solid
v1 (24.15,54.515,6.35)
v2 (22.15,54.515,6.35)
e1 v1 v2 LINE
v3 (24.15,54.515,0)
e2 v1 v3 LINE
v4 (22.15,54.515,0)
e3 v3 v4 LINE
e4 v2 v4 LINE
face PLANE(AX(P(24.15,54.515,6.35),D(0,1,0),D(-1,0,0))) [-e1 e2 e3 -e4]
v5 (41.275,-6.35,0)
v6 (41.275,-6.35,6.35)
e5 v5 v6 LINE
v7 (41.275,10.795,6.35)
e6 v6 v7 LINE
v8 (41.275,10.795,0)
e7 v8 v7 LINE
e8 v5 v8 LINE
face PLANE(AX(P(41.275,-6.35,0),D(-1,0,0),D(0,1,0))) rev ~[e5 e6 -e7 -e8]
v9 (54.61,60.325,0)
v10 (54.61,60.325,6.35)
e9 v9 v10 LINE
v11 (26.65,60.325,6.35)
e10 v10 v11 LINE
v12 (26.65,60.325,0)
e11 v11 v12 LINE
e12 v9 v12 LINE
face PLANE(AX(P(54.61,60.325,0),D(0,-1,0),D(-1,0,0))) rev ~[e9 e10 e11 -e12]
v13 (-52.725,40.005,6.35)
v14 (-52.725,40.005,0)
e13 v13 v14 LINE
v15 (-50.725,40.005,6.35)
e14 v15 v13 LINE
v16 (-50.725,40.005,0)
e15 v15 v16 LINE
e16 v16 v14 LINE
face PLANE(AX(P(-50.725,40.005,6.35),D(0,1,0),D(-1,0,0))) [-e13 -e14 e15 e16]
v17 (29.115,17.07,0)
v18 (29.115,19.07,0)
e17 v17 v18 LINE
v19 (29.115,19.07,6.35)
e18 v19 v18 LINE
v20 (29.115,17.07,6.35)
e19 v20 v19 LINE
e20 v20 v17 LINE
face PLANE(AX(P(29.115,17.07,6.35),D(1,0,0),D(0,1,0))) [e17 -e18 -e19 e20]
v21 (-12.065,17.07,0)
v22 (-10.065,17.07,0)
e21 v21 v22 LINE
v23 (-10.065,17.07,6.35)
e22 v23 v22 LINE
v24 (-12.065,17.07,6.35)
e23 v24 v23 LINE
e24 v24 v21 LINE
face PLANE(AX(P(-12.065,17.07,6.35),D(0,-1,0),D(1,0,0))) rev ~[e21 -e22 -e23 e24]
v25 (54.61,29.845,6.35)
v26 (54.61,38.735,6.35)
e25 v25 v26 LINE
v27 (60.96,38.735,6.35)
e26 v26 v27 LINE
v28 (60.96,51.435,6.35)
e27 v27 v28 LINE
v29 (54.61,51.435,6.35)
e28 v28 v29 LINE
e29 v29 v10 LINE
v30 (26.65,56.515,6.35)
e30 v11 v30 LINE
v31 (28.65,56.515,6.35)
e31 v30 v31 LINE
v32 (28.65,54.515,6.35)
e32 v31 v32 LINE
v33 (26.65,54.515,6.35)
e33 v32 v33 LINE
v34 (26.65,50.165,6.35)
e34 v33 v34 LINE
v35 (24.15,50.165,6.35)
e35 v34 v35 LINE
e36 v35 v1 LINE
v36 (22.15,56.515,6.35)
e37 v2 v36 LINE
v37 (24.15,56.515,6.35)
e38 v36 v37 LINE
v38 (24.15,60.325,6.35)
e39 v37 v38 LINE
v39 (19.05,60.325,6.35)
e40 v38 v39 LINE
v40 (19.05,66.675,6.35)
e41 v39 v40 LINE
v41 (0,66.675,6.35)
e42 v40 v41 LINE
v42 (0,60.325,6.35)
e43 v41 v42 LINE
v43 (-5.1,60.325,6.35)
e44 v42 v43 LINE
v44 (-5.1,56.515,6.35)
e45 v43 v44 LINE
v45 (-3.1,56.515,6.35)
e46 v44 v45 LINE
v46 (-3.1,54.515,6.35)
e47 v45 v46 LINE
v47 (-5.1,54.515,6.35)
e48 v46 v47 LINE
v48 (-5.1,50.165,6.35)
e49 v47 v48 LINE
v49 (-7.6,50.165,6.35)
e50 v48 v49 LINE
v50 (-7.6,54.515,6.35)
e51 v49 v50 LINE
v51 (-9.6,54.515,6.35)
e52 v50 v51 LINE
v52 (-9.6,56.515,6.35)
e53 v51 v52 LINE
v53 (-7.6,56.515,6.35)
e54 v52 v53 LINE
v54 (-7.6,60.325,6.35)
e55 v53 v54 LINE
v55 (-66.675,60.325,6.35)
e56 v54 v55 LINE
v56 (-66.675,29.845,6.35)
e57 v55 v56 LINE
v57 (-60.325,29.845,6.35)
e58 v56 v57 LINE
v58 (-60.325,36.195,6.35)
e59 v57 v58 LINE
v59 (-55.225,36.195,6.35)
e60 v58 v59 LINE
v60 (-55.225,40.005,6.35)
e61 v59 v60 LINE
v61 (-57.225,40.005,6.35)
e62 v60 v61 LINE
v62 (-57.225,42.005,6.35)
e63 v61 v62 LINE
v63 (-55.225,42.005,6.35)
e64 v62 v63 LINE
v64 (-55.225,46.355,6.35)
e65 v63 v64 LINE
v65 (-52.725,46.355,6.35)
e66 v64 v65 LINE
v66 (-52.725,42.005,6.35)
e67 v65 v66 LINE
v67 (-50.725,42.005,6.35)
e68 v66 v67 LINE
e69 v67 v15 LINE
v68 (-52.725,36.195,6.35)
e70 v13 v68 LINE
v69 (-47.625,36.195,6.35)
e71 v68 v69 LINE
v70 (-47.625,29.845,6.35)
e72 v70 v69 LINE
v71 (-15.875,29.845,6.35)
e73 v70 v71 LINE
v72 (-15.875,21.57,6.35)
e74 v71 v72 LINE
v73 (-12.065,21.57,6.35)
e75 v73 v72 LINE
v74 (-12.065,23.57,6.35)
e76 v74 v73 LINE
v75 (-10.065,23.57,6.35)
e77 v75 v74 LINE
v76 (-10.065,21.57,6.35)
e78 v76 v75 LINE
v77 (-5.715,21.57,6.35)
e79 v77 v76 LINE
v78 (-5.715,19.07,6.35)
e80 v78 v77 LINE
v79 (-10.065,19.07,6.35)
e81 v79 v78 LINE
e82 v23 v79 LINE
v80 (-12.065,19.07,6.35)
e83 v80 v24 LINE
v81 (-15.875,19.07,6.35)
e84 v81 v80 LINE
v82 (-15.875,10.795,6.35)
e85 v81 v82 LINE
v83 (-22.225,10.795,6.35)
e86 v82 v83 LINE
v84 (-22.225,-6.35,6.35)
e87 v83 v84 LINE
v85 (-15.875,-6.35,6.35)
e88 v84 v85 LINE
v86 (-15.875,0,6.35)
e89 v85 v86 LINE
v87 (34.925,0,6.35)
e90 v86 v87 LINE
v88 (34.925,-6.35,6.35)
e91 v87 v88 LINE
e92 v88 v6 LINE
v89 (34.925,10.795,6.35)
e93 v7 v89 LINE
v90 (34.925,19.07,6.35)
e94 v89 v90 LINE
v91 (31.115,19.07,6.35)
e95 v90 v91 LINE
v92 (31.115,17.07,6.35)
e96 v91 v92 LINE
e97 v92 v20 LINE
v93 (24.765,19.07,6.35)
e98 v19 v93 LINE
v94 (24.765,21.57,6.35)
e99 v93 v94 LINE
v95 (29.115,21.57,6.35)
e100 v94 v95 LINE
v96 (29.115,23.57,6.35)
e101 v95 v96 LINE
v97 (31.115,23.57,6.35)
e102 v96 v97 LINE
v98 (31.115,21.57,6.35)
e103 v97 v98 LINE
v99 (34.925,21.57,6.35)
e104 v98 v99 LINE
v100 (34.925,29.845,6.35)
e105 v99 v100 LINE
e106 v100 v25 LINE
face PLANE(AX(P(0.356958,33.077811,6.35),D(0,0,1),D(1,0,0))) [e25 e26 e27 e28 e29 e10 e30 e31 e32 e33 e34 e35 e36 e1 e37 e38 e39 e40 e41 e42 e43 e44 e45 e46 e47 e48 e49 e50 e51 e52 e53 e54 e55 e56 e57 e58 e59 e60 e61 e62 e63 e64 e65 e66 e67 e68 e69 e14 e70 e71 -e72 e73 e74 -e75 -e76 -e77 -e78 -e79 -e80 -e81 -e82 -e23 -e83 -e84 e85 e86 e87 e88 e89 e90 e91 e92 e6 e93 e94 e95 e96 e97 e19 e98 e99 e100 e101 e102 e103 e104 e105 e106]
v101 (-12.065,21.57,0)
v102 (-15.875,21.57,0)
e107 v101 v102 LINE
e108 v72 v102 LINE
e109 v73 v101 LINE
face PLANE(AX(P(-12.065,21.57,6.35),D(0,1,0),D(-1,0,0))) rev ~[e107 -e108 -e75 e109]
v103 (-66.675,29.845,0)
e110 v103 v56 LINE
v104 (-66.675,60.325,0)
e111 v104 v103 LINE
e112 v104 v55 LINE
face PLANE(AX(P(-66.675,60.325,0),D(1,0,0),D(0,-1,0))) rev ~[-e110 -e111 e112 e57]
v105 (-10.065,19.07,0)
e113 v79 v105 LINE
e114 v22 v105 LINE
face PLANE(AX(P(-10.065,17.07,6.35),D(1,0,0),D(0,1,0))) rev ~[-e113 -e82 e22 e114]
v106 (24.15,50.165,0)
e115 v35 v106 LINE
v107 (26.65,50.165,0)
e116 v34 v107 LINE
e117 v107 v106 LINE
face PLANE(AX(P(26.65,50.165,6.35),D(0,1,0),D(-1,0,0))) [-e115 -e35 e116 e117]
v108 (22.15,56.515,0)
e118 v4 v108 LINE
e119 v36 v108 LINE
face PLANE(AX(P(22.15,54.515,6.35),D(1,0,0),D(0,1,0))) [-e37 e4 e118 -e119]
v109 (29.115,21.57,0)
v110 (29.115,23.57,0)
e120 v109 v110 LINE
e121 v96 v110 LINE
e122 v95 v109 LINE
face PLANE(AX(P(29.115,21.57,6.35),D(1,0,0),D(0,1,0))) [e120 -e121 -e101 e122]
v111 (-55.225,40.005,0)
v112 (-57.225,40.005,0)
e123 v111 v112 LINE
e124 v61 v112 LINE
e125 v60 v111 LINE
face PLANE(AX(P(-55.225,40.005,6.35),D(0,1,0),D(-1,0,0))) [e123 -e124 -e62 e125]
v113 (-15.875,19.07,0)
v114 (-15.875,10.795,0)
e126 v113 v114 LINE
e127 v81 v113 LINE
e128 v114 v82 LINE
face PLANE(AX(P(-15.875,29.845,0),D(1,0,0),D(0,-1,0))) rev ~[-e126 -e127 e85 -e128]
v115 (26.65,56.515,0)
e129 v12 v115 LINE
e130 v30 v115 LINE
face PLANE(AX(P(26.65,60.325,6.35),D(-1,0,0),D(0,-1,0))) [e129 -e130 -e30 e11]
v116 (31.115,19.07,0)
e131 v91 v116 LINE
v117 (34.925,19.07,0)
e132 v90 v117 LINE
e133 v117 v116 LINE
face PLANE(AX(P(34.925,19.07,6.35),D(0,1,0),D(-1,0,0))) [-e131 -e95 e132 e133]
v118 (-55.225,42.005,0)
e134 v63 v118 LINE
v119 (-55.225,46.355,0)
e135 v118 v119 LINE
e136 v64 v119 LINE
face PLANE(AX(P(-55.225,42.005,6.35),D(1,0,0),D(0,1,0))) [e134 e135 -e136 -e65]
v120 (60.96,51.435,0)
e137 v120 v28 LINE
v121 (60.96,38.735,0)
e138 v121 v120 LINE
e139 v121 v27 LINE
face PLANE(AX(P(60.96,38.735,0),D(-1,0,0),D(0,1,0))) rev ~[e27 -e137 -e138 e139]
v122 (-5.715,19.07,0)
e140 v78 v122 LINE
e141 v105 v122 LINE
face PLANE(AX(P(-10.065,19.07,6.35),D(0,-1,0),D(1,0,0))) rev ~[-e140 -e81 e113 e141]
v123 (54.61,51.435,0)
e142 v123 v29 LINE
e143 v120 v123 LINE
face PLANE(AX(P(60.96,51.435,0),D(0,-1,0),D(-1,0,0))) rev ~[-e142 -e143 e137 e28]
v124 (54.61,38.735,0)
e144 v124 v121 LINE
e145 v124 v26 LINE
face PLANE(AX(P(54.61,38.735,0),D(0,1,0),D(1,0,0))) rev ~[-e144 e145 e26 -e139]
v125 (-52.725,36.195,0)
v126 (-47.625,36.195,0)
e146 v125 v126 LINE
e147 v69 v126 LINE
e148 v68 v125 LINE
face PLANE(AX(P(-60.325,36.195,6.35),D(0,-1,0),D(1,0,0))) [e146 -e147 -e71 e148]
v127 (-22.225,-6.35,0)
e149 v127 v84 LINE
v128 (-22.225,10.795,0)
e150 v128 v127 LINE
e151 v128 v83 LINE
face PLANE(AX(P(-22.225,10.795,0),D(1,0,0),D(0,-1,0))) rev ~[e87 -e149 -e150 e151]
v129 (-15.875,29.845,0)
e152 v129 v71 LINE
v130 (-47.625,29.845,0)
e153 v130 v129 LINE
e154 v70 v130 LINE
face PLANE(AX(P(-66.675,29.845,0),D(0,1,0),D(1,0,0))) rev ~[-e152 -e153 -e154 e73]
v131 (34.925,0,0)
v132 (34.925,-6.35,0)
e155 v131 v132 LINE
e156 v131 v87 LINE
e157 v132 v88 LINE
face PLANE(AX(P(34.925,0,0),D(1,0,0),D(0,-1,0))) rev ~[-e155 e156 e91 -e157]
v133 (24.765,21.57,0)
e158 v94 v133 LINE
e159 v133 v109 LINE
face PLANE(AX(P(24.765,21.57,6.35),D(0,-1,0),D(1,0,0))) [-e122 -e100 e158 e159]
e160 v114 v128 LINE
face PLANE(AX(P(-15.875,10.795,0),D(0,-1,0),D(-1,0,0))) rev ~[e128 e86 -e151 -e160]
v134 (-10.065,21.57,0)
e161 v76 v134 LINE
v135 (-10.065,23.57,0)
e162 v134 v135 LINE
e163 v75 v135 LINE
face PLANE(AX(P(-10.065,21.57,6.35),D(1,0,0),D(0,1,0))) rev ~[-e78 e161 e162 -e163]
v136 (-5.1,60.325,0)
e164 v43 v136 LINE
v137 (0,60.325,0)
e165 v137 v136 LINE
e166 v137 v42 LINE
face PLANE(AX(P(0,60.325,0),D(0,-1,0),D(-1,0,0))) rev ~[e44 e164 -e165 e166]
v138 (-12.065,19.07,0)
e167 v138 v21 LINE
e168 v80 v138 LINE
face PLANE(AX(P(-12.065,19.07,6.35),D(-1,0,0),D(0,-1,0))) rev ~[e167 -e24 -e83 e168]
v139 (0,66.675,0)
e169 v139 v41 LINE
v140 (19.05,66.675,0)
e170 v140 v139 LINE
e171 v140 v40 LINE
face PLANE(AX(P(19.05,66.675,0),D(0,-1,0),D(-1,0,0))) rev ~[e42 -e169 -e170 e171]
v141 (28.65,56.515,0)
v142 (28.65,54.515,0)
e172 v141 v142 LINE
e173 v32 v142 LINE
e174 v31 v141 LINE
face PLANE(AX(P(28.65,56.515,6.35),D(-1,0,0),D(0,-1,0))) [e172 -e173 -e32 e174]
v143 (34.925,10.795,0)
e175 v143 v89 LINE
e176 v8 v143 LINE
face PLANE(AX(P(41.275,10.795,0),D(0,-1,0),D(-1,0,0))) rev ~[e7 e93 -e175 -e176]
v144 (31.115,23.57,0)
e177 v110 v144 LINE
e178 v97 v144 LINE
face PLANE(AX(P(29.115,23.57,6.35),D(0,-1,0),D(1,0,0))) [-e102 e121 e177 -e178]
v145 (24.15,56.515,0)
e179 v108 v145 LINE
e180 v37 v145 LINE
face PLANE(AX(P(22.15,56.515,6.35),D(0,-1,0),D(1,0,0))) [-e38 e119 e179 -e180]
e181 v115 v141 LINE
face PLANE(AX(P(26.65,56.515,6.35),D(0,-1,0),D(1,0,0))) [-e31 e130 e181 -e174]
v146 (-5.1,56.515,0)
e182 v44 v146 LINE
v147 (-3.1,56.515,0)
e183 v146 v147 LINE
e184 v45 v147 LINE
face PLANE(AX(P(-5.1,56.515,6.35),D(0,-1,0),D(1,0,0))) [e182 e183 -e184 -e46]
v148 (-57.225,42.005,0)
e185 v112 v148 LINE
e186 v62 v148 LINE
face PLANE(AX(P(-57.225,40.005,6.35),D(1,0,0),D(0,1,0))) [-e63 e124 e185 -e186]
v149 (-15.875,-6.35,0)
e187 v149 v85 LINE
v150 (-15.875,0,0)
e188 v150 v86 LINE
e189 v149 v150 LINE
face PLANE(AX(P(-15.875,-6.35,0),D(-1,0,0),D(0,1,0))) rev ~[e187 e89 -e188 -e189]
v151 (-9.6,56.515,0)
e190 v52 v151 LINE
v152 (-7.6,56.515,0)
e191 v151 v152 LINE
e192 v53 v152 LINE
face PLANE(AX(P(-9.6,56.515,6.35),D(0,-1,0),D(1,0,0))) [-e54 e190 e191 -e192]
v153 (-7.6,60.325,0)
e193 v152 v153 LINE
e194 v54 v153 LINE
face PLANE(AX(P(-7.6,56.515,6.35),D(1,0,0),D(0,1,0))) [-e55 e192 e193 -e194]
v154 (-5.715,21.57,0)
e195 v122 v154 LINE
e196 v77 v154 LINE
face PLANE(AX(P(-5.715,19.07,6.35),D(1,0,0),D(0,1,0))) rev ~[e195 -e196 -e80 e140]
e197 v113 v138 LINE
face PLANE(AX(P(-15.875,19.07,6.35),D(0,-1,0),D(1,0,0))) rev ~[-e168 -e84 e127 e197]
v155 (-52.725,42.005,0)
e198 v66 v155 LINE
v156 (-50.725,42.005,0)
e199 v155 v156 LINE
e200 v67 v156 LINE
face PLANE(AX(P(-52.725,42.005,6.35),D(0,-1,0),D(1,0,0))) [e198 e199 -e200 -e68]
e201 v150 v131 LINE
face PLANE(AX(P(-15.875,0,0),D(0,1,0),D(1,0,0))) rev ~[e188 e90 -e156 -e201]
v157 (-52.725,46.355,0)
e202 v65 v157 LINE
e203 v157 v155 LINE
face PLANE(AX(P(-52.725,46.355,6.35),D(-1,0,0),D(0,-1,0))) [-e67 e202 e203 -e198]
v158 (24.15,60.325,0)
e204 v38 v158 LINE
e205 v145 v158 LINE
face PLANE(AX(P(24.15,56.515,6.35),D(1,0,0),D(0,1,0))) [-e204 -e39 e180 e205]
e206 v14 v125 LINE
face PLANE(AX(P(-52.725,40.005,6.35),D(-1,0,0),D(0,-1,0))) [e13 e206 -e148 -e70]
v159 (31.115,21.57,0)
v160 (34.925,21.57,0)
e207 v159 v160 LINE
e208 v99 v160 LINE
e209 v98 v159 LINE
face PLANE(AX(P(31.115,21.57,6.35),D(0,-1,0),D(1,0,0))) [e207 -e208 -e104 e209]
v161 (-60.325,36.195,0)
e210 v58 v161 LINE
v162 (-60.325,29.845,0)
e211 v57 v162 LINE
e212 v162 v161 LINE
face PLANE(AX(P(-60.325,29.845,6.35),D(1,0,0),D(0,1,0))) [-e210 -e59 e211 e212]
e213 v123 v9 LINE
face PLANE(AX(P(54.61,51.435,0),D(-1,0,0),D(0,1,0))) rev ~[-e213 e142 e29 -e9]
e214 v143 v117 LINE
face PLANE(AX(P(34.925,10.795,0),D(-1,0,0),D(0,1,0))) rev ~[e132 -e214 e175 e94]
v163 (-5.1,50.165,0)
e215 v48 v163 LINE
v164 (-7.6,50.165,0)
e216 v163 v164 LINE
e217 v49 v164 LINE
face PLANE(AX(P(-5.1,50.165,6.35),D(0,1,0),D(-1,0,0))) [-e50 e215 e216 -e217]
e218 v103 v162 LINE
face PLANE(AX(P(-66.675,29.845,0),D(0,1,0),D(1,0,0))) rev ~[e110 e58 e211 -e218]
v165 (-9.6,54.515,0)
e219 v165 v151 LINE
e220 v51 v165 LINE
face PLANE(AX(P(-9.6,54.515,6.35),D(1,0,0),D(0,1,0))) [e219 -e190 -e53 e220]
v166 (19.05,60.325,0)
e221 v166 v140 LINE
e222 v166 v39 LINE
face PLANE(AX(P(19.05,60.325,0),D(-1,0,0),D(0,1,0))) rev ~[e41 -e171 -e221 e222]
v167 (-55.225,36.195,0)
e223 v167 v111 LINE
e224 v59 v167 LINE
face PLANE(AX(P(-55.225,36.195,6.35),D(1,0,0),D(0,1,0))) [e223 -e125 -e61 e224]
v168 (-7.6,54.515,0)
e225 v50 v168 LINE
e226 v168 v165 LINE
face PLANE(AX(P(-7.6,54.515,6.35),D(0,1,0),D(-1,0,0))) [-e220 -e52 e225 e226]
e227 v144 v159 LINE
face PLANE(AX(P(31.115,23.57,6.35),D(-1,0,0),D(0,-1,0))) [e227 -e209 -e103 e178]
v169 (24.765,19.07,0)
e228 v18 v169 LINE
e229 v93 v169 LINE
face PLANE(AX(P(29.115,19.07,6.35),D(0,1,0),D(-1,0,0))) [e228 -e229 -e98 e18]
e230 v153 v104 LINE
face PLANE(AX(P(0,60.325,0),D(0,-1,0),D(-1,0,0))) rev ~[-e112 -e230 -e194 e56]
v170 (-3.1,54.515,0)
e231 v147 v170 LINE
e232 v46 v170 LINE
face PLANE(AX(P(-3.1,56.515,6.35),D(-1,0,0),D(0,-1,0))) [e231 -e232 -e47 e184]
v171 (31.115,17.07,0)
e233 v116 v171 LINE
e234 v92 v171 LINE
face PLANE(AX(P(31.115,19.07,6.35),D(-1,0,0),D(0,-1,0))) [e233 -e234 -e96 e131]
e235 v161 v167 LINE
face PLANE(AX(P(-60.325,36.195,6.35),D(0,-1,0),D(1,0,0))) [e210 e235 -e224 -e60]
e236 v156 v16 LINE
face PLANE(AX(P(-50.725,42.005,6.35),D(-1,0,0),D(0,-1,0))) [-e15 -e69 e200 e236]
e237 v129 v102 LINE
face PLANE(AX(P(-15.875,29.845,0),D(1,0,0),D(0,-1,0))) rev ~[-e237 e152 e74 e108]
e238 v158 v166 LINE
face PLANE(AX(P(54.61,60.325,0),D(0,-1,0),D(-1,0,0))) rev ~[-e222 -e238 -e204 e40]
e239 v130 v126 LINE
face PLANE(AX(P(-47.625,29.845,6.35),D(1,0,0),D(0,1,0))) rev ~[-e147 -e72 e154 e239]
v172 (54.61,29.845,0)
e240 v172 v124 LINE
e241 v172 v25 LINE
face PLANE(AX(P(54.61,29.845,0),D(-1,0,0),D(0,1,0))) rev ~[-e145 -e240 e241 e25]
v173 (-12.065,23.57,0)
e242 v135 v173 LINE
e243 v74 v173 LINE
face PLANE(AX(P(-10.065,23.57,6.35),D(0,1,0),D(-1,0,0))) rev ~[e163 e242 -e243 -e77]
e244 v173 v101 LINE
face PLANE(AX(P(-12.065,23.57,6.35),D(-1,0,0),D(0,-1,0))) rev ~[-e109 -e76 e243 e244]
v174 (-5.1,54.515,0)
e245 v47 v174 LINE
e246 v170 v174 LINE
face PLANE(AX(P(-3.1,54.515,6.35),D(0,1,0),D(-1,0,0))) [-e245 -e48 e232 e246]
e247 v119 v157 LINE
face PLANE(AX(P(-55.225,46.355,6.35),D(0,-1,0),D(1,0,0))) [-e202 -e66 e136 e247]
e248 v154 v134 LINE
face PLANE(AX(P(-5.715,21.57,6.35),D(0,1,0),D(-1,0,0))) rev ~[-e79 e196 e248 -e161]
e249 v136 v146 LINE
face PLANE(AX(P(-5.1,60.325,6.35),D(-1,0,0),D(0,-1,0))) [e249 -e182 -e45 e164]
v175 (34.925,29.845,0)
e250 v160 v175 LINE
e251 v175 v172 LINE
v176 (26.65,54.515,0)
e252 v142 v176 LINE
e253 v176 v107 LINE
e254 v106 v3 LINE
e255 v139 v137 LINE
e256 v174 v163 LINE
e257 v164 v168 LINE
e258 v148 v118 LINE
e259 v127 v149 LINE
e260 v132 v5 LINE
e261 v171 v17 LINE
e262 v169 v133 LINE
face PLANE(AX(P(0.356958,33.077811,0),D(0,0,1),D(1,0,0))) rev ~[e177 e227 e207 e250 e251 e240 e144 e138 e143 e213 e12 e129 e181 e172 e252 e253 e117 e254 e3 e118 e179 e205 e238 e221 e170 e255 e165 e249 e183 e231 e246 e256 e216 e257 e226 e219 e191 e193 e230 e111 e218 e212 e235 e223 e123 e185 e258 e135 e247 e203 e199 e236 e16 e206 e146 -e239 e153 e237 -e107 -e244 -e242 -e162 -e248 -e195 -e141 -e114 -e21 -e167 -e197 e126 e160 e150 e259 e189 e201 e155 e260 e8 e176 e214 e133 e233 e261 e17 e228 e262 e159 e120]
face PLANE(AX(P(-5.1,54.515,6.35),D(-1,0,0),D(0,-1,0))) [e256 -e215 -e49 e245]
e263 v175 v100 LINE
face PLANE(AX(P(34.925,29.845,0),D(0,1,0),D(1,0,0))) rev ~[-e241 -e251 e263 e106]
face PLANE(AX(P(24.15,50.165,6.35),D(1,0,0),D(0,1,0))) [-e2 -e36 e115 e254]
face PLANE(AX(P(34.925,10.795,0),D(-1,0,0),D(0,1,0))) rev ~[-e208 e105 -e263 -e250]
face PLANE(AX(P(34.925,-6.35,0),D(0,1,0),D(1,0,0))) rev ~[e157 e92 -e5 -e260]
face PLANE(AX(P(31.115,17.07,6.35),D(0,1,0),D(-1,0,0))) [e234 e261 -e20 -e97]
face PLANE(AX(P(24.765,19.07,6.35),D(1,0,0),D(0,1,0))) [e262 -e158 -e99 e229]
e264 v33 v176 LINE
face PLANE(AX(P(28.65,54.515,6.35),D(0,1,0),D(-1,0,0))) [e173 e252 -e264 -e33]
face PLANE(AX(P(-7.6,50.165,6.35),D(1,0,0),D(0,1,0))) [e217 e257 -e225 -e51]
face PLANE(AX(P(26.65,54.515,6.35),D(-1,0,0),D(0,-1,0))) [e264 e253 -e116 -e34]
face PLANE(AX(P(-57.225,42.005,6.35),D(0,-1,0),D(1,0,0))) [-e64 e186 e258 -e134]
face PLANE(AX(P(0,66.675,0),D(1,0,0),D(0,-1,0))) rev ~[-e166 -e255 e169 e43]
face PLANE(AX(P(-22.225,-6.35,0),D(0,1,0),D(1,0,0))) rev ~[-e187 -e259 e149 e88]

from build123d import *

# Parameters (mm, degrees)
BOSS_EXTRUDE1_DEPTH = 6.35
SKETCH2_W           = 12.7
SKETCH2_H           = 6.35
CUT_EXTRUDE1_DEPTH  = 7.35
CUT_EXTRUDE2_DEPTH  = 7.35
CUT_EXTRUDE3_DEPTH  = 7.35


with BuildPart() as part:
    # Sketch1 → Boss-Extrude1 (new body)
    with BuildSketch(Plane.XY):
        Polygon((0, 0), (19.05, 0), (34.925, 0), (34.925, -6.35), (41.275, -6.35), (41.275, 0), (41.275, 10.795), (34.925, 10.795), (34.925, 29.845), (54.61, 29.845), (54.61, 38.735), (60.96, 38.735), (60.96, 51.435), (54.61, 51.435), (54.61, 60.325), (34.925, 60.325), (19.05, 60.325), (19.05, 66.675), (0, 66.675), (0, 60.325), (-15.875, 60.325), (-66.675, 60.325), (-66.675, 29.845), (-15.875, 29.845), (-15.875, 10.795), (-22.225, 10.795), (-22.225, 0), (-22.225, -6.35), (-15.875, -6.35), (-15.875, 0), align=None)
    extrude(amount=BOSS_EXTRUDE1_DEPTH)

    # Sketch2 → Cut-Extrude1 (cut, through all)
    with BuildSketch(Plane.XY.offset(6.35)):
        with Locations((-53.975, 33.02)):
            Rectangle(SKETCH2_W, SKETCH2_H)
    extrude(amount=-CUT_EXTRUDE1_DEPTH, mode=Mode.SUBTRACT)

    # Sketch3 → Cut-Extrude2 (cut, through all)
    with BuildSketch(Plane.XY.offset(6.35)):
        Polygon((-15.875, 21.57), (-15.875, 19.07), (-12.065, 19.07), (-12.065, 17.07), (-10.065, 17.07), (-10.065, 19.07), (-5.715, 19.07), (-5.715, 21.57), (-10.065, 21.57), (-10.065, 23.57), (-12.065, 23.57), (-12.065, 21.57), align=None)
        Polygon((34.925, 21.57), (34.925, 19.07), (31.115, 19.07), (31.115, 17.07), (29.115, 17.07), (29.115, 19.07), (24.765, 19.07), (24.765, 21.57), (29.115, 21.57), (29.115, 23.57), (31.115, 23.57), (31.115, 21.57), align=None)
    extrude(amount=-CUT_EXTRUDE2_DEPTH, mode=Mode.SUBTRACT)

    # Sketch5 → Cut-Extrude3 (cut, through all)
    with BuildSketch(Plane.XY.offset(6.35)):
        Polygon((-3.1, 56.515), (-3.1, 54.515), (-5.1, 54.515), (-5.1, 50.165), (-7.6, 50.165), (-7.6, 54.515), (-9.6, 54.515), (-9.6, 56.515), (-7.6, 56.515), (-7.6, 60.325), (-5.1, 60.325), (-5.1, 56.515), align=None)
        Polygon((-52.725, 42.005), (-50.725, 42.005), (-50.725, 40.005), (-52.725, 40.005), (-52.725, 36.195), (-55.225, 36.195), (-55.225, 40.005), (-57.225, 40.005), (-57.225, 42.005), (-55.225, 42.005), (-55.225, 46.355), (-52.725, 46.355), align=None)
        Polygon((26.65, 60.325), (26.65, 56.515), (28.65, 56.515), (28.65, 54.515), (26.65, 54.515), (26.65, 50.165), (24.15, 50.165), (24.15, 54.515), (22.15, 54.515), (22.15, 56.515), (24.15, 56.515), (24.15, 60.325), align=None)
    extrude(amount=-CUT_EXTRUDE3_DEPTH, mode=Mode.SUBTRACT)


solid = part.part
